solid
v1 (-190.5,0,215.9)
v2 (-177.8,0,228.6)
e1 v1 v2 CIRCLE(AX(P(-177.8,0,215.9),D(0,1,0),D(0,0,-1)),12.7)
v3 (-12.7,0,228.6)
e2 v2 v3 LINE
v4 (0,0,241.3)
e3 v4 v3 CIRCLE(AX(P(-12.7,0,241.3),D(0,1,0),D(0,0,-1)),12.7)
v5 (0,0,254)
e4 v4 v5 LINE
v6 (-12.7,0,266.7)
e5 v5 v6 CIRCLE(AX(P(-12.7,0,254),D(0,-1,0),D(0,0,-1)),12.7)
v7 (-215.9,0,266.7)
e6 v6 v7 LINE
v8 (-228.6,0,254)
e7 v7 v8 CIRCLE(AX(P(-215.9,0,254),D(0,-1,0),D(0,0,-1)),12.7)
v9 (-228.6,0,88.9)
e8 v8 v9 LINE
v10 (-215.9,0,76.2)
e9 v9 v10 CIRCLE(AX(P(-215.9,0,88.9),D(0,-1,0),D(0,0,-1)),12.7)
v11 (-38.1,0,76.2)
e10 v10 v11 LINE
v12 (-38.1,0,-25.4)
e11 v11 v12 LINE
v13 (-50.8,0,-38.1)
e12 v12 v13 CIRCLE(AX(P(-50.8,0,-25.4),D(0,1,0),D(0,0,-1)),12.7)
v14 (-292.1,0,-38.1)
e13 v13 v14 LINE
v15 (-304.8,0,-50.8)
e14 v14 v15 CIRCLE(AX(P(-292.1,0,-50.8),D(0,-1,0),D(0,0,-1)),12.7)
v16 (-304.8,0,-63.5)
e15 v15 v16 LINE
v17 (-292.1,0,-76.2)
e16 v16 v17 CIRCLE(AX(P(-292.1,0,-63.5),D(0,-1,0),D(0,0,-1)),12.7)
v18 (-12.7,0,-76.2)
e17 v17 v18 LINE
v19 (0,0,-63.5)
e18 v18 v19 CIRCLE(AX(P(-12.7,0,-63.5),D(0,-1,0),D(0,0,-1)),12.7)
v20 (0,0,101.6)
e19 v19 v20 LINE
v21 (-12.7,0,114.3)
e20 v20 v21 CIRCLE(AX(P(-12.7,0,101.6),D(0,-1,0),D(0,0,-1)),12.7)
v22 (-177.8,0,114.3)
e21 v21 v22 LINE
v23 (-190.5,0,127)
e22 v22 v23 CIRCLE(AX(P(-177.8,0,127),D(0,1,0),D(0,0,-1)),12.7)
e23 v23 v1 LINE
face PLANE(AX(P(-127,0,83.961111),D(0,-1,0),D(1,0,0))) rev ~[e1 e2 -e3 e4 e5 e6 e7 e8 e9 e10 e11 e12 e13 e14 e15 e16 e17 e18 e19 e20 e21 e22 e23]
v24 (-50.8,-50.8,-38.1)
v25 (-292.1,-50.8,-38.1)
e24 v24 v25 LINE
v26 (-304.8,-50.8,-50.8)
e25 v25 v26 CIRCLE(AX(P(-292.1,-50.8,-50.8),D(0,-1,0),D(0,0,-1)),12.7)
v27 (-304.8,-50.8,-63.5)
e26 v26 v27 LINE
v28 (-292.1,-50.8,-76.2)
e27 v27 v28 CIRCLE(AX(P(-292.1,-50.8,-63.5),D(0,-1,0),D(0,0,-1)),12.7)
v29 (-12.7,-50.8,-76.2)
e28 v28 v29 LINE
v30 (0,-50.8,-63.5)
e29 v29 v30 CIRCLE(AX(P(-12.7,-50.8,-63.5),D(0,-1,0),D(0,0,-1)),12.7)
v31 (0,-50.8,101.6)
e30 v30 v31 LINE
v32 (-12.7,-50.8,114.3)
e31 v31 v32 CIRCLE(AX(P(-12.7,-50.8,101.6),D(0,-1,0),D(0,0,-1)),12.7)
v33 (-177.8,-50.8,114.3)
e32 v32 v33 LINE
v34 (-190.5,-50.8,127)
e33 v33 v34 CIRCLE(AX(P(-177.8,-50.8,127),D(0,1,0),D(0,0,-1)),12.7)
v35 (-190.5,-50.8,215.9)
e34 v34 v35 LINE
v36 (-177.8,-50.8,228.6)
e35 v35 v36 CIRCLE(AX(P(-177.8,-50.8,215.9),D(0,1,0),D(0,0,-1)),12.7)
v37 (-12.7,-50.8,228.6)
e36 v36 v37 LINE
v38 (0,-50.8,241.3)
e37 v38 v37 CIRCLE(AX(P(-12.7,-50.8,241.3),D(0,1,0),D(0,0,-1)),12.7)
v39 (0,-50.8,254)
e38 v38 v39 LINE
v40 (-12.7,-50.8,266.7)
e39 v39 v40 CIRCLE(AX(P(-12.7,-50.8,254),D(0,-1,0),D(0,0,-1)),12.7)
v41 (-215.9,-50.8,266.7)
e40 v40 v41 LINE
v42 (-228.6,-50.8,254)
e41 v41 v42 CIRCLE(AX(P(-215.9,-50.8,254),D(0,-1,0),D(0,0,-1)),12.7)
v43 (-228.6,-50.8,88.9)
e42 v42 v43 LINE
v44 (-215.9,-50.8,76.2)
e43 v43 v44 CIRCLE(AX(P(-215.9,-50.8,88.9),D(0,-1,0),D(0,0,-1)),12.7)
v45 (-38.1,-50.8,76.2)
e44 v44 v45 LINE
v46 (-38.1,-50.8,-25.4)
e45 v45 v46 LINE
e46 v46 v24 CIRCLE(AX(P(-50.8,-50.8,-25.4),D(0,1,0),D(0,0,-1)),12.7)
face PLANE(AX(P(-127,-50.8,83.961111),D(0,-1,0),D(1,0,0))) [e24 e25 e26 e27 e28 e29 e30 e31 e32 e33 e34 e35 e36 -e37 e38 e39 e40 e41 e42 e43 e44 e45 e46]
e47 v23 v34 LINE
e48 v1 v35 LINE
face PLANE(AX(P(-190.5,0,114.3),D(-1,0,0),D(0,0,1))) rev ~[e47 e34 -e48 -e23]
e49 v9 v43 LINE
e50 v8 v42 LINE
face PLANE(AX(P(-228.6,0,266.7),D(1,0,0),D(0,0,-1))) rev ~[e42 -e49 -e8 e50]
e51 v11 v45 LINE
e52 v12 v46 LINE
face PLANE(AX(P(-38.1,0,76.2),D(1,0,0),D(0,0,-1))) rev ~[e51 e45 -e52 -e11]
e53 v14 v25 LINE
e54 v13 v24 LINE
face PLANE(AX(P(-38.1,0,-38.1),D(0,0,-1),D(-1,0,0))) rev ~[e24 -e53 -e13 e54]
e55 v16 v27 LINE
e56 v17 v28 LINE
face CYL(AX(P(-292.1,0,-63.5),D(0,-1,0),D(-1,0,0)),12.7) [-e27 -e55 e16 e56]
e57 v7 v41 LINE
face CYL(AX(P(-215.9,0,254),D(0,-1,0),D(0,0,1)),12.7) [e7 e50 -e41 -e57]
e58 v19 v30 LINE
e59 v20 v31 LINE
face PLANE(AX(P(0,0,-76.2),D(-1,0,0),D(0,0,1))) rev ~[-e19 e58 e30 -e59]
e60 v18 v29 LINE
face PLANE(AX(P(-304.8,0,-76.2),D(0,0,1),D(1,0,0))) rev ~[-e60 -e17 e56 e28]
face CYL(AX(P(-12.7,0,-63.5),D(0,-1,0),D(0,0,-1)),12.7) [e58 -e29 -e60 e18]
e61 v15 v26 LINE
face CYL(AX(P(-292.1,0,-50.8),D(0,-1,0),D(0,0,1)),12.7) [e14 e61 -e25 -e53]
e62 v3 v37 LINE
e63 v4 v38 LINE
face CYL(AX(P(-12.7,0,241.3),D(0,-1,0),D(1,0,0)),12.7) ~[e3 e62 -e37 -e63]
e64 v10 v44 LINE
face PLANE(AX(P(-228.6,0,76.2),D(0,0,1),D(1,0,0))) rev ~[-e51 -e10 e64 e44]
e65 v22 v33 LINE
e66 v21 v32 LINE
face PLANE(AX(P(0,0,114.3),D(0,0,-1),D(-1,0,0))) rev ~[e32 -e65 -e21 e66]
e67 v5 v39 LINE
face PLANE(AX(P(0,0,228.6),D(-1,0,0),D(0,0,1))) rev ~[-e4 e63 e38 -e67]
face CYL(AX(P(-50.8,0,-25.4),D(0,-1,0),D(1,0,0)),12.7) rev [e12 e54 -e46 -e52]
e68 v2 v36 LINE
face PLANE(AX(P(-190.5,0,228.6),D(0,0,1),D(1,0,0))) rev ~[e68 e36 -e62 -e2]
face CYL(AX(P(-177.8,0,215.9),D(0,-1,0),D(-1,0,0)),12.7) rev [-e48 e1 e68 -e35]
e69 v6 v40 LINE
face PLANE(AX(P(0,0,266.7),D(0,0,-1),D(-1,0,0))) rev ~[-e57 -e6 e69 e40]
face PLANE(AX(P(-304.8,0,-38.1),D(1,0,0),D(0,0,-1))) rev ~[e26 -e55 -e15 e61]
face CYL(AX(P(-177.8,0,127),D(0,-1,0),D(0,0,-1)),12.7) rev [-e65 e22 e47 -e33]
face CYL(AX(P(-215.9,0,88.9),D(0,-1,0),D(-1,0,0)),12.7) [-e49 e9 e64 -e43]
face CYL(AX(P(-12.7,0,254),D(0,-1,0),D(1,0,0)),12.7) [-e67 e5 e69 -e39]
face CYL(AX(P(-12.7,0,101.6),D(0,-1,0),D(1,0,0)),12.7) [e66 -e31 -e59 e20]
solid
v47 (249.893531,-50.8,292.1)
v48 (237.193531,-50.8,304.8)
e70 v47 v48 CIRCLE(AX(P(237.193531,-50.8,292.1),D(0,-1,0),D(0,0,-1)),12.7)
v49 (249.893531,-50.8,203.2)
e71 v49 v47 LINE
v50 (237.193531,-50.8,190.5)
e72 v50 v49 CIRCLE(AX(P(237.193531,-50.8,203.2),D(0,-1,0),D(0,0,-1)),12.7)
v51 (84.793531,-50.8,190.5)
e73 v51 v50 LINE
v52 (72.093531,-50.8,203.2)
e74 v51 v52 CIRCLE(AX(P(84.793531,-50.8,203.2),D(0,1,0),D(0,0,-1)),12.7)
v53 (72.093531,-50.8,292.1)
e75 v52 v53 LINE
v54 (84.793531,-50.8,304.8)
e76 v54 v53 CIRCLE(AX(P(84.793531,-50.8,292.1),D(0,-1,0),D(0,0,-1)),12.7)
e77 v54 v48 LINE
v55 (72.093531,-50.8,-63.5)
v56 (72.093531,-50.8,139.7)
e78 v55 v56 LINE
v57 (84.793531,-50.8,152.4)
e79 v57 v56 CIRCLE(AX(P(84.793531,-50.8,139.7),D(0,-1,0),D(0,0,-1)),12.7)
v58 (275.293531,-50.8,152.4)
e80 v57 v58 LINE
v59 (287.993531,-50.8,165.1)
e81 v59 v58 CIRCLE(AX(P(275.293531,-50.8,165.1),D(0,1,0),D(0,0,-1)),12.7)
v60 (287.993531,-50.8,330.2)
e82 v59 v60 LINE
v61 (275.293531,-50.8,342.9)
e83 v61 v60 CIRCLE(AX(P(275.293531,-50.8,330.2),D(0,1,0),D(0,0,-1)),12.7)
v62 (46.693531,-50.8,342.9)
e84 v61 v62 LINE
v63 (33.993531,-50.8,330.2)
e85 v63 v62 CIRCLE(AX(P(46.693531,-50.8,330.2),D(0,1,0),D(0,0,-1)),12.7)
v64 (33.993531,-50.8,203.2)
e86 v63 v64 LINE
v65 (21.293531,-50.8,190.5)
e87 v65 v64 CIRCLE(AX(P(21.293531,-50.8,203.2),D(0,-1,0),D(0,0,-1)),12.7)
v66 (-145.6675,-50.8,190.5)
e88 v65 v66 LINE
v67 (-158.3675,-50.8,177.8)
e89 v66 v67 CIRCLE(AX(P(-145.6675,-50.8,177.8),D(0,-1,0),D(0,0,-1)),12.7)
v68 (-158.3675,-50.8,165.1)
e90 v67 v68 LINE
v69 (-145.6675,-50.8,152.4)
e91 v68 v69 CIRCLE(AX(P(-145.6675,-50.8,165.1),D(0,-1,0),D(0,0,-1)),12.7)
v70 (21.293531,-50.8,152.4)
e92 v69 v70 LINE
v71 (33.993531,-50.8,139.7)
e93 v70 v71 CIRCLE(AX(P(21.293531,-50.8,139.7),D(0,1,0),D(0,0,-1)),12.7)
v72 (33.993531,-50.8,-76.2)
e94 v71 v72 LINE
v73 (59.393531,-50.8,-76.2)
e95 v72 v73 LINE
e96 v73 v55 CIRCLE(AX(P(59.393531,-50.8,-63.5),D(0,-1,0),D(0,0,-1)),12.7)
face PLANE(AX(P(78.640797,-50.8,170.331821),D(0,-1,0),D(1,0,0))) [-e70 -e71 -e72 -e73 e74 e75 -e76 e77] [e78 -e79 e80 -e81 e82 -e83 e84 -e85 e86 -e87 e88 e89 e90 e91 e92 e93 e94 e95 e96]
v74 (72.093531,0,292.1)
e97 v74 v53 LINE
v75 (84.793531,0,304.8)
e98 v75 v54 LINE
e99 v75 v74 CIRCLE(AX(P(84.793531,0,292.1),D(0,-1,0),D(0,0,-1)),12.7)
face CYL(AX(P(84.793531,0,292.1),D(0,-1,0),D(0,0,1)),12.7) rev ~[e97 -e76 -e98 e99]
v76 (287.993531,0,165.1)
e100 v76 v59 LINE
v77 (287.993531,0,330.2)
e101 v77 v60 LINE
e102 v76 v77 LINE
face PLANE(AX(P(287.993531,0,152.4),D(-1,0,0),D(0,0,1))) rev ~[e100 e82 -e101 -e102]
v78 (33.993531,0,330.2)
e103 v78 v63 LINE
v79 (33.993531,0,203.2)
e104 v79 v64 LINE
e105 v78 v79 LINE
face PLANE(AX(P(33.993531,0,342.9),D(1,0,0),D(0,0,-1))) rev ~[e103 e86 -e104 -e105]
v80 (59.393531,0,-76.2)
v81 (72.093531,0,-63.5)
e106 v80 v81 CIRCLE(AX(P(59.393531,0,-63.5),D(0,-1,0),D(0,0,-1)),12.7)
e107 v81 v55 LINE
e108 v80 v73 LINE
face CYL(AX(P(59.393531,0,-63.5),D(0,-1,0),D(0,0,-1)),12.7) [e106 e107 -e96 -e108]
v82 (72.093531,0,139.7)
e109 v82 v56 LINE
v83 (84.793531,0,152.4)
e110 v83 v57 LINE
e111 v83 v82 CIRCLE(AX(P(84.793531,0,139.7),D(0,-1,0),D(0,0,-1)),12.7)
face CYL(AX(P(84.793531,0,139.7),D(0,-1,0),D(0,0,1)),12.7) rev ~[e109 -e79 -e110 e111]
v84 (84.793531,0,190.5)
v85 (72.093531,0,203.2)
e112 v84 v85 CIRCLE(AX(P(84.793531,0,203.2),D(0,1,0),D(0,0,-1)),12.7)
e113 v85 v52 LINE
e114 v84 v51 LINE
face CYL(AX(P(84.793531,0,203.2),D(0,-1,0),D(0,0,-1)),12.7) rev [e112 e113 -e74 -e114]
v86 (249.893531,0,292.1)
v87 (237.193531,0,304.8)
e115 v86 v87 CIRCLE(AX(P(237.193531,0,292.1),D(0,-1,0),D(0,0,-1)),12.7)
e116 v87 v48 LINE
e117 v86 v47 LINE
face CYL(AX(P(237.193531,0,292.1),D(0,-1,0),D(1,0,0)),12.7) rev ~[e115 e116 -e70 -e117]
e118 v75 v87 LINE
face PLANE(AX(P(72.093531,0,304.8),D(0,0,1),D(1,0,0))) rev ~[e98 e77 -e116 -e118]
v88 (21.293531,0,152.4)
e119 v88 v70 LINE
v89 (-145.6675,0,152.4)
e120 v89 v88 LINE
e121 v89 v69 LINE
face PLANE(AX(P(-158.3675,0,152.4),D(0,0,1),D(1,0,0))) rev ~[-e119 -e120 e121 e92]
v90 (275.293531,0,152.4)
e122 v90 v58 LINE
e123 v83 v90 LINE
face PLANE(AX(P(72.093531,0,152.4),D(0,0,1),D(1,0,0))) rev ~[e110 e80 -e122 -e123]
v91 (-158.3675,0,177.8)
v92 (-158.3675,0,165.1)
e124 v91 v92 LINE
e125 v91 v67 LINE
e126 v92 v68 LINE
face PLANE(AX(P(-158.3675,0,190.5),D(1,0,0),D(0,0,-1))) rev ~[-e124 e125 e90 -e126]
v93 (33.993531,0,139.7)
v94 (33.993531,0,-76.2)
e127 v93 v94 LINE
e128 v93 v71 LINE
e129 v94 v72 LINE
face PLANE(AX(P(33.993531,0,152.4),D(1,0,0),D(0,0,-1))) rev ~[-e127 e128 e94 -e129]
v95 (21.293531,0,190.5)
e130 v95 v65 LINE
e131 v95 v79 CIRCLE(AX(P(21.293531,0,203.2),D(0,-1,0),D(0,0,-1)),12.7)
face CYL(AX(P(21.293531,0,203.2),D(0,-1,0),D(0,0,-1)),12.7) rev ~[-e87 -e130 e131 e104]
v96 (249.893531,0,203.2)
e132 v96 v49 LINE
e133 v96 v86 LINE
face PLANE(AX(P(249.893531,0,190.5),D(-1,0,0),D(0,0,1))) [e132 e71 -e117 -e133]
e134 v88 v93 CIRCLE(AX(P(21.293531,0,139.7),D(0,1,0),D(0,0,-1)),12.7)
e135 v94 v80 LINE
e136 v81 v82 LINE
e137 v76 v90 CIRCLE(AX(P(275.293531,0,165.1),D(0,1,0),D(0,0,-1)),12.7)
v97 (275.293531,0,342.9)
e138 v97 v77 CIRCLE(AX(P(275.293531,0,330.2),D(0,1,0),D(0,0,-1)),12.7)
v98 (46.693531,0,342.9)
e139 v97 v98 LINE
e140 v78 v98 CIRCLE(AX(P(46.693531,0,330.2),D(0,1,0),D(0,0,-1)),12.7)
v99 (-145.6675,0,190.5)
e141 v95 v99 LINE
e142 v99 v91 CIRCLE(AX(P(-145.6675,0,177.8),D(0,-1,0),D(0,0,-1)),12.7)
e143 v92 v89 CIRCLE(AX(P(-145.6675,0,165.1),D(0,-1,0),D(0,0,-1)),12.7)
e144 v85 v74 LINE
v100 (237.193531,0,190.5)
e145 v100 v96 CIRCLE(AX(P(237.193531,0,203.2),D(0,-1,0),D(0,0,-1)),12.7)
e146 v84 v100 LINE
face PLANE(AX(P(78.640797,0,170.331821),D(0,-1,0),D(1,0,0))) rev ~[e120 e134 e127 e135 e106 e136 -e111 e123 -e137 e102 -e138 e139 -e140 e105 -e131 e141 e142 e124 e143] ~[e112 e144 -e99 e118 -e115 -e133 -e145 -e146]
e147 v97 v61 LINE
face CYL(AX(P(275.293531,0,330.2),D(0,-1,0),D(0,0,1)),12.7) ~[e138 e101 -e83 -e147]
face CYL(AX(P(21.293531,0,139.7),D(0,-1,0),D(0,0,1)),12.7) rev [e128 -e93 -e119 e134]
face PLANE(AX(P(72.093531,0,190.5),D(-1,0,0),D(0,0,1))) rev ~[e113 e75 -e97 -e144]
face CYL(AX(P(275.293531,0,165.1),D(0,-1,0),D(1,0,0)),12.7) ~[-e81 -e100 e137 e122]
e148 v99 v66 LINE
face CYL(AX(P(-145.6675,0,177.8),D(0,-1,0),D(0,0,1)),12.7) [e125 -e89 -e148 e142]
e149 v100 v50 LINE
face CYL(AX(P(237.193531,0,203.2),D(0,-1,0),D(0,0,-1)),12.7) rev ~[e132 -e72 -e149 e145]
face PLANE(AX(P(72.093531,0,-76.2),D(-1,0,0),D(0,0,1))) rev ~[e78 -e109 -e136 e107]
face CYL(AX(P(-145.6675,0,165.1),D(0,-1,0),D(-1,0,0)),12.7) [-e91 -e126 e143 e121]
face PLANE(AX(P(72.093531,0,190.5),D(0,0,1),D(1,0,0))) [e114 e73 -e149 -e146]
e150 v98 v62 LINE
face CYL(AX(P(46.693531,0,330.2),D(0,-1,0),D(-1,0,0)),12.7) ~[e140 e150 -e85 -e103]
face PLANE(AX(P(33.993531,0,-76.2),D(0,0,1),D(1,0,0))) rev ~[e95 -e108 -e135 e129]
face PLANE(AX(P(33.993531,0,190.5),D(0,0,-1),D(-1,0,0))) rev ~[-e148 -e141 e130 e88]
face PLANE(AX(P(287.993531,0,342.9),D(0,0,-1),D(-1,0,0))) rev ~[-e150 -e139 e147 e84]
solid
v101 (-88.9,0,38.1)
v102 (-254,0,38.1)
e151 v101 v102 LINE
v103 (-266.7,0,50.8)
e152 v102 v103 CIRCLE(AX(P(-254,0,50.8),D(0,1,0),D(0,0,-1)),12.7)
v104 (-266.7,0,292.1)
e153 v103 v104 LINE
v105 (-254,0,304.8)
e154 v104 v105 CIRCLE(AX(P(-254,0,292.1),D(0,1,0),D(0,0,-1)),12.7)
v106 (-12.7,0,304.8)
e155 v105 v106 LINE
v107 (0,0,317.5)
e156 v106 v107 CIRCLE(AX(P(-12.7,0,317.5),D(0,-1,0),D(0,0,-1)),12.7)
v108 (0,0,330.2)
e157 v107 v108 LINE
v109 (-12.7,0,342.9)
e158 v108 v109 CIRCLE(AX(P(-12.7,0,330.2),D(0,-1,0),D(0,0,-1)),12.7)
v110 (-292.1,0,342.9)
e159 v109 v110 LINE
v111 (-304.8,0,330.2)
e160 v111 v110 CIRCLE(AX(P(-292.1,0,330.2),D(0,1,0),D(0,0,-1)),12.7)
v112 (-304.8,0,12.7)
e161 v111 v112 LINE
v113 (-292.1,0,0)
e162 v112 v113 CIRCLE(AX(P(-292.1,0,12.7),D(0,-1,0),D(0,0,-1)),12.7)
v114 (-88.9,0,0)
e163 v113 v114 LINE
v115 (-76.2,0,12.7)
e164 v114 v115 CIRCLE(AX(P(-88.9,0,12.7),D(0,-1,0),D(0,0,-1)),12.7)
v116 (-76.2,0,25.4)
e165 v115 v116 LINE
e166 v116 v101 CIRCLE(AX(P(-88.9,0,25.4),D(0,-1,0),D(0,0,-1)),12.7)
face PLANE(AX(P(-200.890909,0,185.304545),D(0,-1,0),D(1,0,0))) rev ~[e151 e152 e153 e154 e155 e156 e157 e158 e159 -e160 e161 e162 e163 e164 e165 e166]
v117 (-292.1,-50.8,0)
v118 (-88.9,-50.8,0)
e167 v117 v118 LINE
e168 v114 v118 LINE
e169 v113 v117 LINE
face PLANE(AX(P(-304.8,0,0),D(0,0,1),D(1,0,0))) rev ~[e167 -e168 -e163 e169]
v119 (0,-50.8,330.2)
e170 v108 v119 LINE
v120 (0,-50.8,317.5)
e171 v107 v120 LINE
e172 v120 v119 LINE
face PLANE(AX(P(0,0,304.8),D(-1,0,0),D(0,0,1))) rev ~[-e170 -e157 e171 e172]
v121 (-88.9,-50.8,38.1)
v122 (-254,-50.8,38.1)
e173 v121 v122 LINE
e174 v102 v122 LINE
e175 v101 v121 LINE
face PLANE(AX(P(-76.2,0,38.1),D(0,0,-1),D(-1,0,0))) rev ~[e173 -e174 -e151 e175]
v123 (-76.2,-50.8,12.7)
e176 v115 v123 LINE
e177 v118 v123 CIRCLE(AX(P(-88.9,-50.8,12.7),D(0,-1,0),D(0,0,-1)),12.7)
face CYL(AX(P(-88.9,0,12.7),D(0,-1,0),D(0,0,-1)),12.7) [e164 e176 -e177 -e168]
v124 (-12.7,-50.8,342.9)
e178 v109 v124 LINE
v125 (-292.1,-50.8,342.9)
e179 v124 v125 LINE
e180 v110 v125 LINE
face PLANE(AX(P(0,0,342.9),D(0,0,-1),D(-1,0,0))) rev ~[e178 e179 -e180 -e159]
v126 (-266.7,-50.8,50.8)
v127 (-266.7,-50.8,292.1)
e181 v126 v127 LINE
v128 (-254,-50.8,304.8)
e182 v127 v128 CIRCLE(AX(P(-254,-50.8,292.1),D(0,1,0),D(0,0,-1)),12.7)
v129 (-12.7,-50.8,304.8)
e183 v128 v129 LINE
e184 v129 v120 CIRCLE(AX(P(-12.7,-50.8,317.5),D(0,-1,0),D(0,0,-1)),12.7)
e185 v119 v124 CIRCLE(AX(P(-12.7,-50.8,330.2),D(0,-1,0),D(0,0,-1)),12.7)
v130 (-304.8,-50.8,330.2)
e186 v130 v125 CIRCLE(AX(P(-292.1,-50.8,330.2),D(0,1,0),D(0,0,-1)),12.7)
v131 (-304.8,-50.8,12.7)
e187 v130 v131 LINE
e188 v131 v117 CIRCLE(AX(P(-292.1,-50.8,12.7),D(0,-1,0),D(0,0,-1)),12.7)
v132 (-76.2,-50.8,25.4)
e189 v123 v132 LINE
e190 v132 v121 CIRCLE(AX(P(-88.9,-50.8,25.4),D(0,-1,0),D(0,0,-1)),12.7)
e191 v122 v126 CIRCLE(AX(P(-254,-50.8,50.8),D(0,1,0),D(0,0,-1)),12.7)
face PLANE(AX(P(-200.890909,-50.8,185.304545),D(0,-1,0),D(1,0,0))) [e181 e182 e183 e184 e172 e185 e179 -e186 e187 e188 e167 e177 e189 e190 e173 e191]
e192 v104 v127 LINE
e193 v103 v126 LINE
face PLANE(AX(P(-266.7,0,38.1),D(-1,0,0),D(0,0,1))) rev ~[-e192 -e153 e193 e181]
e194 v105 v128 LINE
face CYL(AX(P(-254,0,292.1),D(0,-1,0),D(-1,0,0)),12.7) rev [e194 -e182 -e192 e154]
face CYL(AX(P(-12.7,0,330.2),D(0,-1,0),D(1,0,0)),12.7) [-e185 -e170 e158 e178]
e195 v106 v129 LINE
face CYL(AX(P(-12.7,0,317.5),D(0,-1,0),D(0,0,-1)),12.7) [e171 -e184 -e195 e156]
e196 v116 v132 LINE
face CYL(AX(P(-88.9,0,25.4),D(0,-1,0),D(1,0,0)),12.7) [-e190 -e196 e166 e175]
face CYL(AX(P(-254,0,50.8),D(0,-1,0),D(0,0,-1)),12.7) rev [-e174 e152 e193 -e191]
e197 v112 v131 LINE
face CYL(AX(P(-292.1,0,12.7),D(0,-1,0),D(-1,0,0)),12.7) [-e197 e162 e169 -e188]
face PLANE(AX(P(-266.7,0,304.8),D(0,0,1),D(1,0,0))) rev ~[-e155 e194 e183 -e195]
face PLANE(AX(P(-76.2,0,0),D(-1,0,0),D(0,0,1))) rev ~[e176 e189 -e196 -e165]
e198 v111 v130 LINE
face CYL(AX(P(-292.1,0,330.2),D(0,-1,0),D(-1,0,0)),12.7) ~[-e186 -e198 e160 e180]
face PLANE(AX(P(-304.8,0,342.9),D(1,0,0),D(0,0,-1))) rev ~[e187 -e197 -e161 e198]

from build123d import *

# Parameters (mm, degrees)
F0_W     = 177.8
F0_H     = 114.3
F1_DEPTH = 50.8
F2_R     = 12.7


with BuildPart() as f1:
    # F0 (on Front) → F1 (new body)
    with BuildSketch(Plane.XZ):
        Polygon((-304.8, 342.9), (-304.8, 0), (-76.2, 0), (-76.2, 38.1), (-266.7, 38.1), (-266.7, 304.8), (0, 304.8), (0, 342.9), align=None)
        Polygon((0, 228.6), (0, 266.7), (-228.6, 266.7), (-228.6, 76.2), (-38.1, 76.2), (-38.1, -38.1), (-304.8, -38.1), (-304.8, -76.2), (0, -76.2), (0, 114.3), (-190.5, 114.3), (-190.5, 228.6), align=None)
        Polygon((33.993531, 190.5), (-158.3675, 190.5), (-158.3675, 152.4), (33.993531, 152.4), (33.993531, -76.2), (72.093531, -76.2), (72.093531, 152.4), (287.993531, 152.4), (287.993531, 342.9), (33.993531, 342.9), align=None)
        with Locations((160.993531, 247.65)):
            Rectangle(F0_W, F0_H, mode=Mode.SUBTRACT)
    extrude(amount=F1_DEPTH)

    # F2
    f2_edges = [f1.edges().sort_by_distance(p)[0] for p in [
        (287.993531, -25.4, 342.9),
        (287.993531, -25.4, 152.4),
        (33.993531, -25.4, 342.9),
        (0, -25.4, 342.9),
        (0, -25.4, 304.8),
        (0, -25.4, 266.7),
        (0, -25.4, 228.6),
        (-158.3675, -25.4, 190.5),
        (-228.6, -25.4, 266.7),
        (-304.8, -25.4, 342.9),
        (-304.8, -25.4, -38.1),
        (0, -25.4, 114.3),
        (72.093531, -25.4, -76.2),
        (0, -25.4, -76.2),
        (-190.5, -25.4, 114.3),
        (-266.7, -25.4, 38.1),
        (-266.7, -25.4, 304.8),
        (-190.5, -25.4, 228.6),
        (-158.3675, -25.4, 152.4),
        (72.093531, -25.4, 304.8),
        (72.093531, -25.4, 152.4),
        (72.093531, -25.4, 190.5),
        (-304.8, -25.4, -76.2),
        (-304.8, -25.4, 0),
        (-228.6, -25.4, 76.2),
        (33.993531, -25.4, 190.5),
        (33.993531, -25.4, 152.4),
        (249.893531, -25.4, 190.5),
        (249.893531, -25.4, 304.8),
        (-76.2, -25.4, 38.1),
        (-38.1, -25.4, -38.1),
        (-76.2, -25.4, 0),
    ]]
    fillet(f2_edges, radius=F2_R)


solid = f1.part
